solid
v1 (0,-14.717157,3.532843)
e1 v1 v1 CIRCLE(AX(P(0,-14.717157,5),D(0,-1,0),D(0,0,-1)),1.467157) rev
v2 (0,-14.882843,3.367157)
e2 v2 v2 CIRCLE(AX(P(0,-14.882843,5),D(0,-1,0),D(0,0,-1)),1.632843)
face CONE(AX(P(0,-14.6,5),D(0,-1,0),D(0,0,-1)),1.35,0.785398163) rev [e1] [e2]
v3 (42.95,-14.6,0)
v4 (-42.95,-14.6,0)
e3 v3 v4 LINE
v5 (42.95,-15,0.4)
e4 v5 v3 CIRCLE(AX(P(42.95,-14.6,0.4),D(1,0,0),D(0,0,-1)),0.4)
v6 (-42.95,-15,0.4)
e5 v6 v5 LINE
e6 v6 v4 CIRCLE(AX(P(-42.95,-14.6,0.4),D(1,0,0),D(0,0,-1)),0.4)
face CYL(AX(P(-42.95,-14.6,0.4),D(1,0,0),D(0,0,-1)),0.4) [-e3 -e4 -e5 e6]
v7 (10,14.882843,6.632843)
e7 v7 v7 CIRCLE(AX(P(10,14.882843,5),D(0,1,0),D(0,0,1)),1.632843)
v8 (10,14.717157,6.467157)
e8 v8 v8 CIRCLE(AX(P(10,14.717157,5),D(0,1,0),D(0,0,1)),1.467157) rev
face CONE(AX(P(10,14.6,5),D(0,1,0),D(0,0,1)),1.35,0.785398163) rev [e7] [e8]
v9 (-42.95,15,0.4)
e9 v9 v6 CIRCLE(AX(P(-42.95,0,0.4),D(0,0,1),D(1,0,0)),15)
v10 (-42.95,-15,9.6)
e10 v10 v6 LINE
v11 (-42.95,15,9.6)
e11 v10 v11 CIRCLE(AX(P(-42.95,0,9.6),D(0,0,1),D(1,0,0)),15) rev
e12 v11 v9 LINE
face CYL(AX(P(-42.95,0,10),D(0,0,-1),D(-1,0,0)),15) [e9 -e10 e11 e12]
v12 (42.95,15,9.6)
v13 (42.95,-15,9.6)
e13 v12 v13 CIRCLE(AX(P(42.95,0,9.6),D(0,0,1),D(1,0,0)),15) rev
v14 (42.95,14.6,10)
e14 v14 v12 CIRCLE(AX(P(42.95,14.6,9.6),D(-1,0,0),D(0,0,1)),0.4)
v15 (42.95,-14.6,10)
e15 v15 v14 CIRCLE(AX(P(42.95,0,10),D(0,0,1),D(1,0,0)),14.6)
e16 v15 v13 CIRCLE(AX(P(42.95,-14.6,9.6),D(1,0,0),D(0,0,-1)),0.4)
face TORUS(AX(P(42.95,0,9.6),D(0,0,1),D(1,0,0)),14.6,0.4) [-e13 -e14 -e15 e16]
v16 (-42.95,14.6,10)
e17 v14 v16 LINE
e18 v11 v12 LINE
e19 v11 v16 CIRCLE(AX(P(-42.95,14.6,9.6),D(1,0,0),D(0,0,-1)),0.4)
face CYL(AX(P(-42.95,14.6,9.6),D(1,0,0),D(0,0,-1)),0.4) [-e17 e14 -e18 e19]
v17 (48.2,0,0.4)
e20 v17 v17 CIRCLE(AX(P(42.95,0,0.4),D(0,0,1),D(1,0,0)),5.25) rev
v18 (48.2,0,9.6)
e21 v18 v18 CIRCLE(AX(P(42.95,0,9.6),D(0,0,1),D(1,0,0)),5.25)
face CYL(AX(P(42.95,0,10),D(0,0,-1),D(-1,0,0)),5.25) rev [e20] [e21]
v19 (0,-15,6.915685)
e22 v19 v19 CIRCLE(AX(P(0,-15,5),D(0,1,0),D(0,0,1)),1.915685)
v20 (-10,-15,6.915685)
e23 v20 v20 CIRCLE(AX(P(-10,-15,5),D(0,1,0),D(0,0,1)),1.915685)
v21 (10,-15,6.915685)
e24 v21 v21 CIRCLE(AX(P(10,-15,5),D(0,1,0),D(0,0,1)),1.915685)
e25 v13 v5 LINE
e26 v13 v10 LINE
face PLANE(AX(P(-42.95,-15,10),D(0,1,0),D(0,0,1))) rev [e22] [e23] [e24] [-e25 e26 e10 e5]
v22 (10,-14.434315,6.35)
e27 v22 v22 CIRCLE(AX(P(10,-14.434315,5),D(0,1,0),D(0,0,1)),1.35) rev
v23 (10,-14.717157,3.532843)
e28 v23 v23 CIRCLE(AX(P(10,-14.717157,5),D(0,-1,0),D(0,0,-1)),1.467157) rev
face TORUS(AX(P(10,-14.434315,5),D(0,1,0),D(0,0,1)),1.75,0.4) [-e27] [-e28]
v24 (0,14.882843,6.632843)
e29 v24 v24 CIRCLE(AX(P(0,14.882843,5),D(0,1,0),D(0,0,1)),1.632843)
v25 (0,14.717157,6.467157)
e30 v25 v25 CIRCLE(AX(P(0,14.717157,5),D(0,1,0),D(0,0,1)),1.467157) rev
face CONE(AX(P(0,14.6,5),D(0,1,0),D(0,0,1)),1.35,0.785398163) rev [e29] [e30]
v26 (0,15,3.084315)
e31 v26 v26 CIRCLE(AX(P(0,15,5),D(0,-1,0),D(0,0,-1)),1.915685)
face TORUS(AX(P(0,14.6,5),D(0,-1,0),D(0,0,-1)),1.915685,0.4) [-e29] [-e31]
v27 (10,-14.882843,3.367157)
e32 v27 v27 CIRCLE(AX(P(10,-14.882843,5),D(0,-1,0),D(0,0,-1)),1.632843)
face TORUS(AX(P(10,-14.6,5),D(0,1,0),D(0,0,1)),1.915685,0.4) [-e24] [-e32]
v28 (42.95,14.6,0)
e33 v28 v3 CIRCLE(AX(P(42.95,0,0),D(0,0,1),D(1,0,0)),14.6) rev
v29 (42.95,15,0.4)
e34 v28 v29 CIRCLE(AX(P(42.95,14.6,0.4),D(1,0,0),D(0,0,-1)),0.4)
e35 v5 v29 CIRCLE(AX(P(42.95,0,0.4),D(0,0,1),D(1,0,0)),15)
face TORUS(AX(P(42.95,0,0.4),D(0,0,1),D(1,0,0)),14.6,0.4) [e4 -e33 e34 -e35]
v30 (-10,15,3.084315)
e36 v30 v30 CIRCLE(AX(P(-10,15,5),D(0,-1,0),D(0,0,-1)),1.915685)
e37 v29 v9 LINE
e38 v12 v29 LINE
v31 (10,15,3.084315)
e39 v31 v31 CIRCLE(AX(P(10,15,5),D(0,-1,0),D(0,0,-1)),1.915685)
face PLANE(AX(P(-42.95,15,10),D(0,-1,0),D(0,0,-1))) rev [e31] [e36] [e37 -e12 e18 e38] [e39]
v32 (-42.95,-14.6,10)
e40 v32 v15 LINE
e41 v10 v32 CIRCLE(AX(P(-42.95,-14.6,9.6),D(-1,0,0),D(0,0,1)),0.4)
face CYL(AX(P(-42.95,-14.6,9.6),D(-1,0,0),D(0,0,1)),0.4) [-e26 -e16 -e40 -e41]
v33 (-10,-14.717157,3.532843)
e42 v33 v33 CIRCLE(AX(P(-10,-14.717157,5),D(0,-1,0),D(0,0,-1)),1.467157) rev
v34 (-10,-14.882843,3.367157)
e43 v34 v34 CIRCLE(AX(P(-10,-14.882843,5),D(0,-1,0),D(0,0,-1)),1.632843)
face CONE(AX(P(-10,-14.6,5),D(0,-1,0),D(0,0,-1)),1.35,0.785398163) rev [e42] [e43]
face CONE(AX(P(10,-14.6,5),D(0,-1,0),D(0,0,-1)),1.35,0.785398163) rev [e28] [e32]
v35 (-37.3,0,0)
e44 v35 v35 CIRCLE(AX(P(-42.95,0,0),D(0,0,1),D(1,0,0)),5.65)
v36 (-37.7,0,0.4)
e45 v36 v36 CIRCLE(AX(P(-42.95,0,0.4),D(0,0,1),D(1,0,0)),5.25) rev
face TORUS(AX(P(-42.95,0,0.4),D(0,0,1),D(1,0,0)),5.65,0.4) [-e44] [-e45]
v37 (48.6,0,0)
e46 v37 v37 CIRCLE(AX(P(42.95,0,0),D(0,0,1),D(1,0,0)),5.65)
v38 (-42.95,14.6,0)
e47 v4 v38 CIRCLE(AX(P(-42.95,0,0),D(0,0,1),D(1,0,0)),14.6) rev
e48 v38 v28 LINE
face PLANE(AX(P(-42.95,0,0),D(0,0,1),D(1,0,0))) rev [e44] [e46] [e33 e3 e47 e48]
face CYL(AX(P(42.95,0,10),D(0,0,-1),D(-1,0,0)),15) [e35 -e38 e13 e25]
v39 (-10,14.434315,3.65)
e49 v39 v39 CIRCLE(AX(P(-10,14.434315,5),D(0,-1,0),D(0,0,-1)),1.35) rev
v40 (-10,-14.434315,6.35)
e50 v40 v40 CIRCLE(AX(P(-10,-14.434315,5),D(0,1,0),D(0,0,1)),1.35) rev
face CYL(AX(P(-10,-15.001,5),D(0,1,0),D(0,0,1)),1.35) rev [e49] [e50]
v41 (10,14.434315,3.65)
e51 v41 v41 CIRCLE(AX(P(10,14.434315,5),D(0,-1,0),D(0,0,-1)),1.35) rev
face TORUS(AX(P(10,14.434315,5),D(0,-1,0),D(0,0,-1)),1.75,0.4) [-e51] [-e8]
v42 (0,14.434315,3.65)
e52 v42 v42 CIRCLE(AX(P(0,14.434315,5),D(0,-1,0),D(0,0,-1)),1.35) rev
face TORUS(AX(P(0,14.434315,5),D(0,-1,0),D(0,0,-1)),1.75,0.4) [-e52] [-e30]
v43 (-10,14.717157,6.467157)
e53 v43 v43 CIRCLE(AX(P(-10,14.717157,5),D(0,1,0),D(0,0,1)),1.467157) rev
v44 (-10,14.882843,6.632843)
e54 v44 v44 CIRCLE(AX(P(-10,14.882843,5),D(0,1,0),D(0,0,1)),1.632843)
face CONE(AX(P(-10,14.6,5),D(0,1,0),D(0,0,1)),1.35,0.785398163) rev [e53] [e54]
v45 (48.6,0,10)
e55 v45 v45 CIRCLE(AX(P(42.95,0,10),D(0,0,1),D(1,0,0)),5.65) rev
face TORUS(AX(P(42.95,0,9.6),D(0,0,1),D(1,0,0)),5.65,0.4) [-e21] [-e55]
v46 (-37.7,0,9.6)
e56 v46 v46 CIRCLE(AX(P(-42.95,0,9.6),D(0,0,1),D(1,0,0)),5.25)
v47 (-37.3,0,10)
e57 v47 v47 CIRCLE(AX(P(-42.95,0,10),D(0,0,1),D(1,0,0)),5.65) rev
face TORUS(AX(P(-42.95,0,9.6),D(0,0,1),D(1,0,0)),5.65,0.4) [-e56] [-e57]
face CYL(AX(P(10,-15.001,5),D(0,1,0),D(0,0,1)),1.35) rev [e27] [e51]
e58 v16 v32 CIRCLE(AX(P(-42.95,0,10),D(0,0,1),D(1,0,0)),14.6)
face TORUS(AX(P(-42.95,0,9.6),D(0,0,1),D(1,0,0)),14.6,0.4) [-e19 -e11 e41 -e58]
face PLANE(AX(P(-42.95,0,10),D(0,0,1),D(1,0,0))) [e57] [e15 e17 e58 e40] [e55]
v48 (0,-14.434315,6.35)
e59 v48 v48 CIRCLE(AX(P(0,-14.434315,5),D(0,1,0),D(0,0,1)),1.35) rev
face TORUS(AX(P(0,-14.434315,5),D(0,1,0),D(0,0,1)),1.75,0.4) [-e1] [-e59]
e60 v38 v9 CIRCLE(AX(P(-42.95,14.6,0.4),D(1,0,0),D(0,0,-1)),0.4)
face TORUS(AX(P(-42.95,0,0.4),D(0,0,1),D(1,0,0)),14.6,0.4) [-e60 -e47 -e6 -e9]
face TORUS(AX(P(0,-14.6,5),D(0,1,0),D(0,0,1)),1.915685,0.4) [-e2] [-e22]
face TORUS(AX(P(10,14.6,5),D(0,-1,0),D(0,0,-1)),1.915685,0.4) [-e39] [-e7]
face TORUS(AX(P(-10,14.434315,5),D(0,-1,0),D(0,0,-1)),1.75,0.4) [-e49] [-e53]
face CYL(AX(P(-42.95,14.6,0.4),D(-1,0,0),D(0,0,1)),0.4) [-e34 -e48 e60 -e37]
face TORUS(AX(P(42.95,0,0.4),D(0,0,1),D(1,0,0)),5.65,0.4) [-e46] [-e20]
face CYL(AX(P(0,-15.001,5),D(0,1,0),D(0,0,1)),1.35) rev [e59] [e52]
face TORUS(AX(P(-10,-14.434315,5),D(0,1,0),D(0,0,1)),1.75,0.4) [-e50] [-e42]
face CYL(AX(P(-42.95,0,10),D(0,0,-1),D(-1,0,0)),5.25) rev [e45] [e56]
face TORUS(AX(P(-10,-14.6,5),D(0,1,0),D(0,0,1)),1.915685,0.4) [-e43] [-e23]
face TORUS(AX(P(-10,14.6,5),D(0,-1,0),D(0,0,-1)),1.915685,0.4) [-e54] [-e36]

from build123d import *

# Parameters (mm, degrees)
SKETCH1_R           = 5.25
BOSS_EXTRUDE1_DEPTH = 10
CUT_EXTRUDE1_REACH  = 32
SKETCH2_R           = 1.35
CHAMFER1_SIZE       = 0.4
FILLET1_R           = 0.4


with BuildPart() as part:
    # Sketch1 → Boss-Extrude1 (new body)
    with BuildSketch(Plane.XY):
        with BuildLine():
            Line((-42.95, 15), (42.95, 15))
            ThreePointArc((42.95, 15), (57.95, 0), (42.95, -15))
            Line((42.95, -15), (-42.95, -15))
            ThreePointArc((-42.95, -15), (-57.95, 0), (-42.95, 15))
        make_face()
        with Locations((-42.95, 0)):
            Circle(SKETCH1_R, mode=Mode.SUBTRACT)
        with Locations((42.95, 0)):
            Circle(SKETCH1_R, mode=Mode.SUBTRACT)
    extrude(amount=BOSS_EXTRUDE1_DEPTH)

    # Sketch2 → Cut-Extrude1 (cut, up to next)
    with BuildSketch(Plane(origin=(0, 15, 0), x_dir=(1, 0, 0), z_dir=(0, 1, 0)), mode=Mode.PRIVATE) as cut_extrude1_sk1:
        with Locations((10, -5)):
            Circle(SKETCH2_R)
    cut_extrude1_tool1 = extrude(cut_extrude1_sk1.sketch, amount=-CUT_EXTRUDE1_REACH, mode=Mode.PRIVATE) & part.part
    add(cut_extrude1_tool1.solids().sort_by_distance((10, 15, 5))[0], mode=Mode.SUBTRACT)
    # Sketch2 → Cut-Extrude1 (cut, up to next)
    with BuildSketch(Plane(origin=(0, 15, 0), x_dir=(1, 0, 0), z_dir=(0, 1, 0)), mode=Mode.PRIVATE) as cut_extrude1_sk2:
        with Locations((0, -5)):
            Circle(SKETCH2_R)
    cut_extrude1_tool2 = extrude(cut_extrude1_sk2.sketch, amount=-CUT_EXTRUDE1_REACH, mode=Mode.PRIVATE) & part.part
    add(cut_extrude1_tool2.solids().sort_by_distance((0, 15, 5))[0], mode=Mode.SUBTRACT)
    # Sketch2 → Cut-Extrude1 (cut, up to next)
    with BuildSketch(Plane(origin=(0, 15, 0), x_dir=(1, 0, 0), z_dir=(0, 1, 0)), mode=Mode.PRIVATE) as cut_extrude1_sk3:
        with Locations((-10, -5)):
            Circle(SKETCH2_R)
    cut_extrude1_tool3 = extrude(cut_extrude1_sk3.sketch, amount=-CUT_EXTRUDE1_REACH, mode=Mode.PRIVATE) & part.part
    add(cut_extrude1_tool3.solids().sort_by_distance((-10, 15, 5))[0], mode=Mode.SUBTRACT)

    # Chamfer1
    chamfer1_edges = [part.edges().sort_by_distance(p)[0] for p in [
        (8.65, 15, 5),
        (8.65, -15, 5),
        (-1.35, 15, 5),
        (-1.35, -15, 5),
        (-11.35, 15, 5),
        (-11.35, -15, 5),
    ]]
    chamfer(chamfer1_edges, length=CHAMFER1_SIZE)

    # Fillet1
    fillet1_edges = [part.edges().sort_by_distance(p)[0] for p in [
        (-48.2, 0, 0),
        (-48.2, 0, 10),
        (57.95, 0, 10),
        (37.7, 0, 0),
        (37.7, 0, 10),
        (0, 15, 10),
        (-11.35, 14.6, 5),
        (-11.35, -14.6, 5),
        (8.25, -15, 5),
        (-1.75, -15, 5),
        (-11.75, -15, 5),
        (-1.35, 14.6, 5),
        (-1.35, -14.6, 5),
        (8.65, 14.6, 5),
        (8.65, -14.6, 5),
        (-11.75, 15, 5),
        (-1.75, 15, 5),
        (8.25, 15, 5),
        (-57.95, 0, 10),
        (0, 15, 0),
        (57.95, 0, 0),
        (0, -15, 0),
        (-57.95, 0, 0),
        (0, -15, 10),
    ]]
    fillet(fillet1_edges, radius=FILLET1_R)


solid = part.part
